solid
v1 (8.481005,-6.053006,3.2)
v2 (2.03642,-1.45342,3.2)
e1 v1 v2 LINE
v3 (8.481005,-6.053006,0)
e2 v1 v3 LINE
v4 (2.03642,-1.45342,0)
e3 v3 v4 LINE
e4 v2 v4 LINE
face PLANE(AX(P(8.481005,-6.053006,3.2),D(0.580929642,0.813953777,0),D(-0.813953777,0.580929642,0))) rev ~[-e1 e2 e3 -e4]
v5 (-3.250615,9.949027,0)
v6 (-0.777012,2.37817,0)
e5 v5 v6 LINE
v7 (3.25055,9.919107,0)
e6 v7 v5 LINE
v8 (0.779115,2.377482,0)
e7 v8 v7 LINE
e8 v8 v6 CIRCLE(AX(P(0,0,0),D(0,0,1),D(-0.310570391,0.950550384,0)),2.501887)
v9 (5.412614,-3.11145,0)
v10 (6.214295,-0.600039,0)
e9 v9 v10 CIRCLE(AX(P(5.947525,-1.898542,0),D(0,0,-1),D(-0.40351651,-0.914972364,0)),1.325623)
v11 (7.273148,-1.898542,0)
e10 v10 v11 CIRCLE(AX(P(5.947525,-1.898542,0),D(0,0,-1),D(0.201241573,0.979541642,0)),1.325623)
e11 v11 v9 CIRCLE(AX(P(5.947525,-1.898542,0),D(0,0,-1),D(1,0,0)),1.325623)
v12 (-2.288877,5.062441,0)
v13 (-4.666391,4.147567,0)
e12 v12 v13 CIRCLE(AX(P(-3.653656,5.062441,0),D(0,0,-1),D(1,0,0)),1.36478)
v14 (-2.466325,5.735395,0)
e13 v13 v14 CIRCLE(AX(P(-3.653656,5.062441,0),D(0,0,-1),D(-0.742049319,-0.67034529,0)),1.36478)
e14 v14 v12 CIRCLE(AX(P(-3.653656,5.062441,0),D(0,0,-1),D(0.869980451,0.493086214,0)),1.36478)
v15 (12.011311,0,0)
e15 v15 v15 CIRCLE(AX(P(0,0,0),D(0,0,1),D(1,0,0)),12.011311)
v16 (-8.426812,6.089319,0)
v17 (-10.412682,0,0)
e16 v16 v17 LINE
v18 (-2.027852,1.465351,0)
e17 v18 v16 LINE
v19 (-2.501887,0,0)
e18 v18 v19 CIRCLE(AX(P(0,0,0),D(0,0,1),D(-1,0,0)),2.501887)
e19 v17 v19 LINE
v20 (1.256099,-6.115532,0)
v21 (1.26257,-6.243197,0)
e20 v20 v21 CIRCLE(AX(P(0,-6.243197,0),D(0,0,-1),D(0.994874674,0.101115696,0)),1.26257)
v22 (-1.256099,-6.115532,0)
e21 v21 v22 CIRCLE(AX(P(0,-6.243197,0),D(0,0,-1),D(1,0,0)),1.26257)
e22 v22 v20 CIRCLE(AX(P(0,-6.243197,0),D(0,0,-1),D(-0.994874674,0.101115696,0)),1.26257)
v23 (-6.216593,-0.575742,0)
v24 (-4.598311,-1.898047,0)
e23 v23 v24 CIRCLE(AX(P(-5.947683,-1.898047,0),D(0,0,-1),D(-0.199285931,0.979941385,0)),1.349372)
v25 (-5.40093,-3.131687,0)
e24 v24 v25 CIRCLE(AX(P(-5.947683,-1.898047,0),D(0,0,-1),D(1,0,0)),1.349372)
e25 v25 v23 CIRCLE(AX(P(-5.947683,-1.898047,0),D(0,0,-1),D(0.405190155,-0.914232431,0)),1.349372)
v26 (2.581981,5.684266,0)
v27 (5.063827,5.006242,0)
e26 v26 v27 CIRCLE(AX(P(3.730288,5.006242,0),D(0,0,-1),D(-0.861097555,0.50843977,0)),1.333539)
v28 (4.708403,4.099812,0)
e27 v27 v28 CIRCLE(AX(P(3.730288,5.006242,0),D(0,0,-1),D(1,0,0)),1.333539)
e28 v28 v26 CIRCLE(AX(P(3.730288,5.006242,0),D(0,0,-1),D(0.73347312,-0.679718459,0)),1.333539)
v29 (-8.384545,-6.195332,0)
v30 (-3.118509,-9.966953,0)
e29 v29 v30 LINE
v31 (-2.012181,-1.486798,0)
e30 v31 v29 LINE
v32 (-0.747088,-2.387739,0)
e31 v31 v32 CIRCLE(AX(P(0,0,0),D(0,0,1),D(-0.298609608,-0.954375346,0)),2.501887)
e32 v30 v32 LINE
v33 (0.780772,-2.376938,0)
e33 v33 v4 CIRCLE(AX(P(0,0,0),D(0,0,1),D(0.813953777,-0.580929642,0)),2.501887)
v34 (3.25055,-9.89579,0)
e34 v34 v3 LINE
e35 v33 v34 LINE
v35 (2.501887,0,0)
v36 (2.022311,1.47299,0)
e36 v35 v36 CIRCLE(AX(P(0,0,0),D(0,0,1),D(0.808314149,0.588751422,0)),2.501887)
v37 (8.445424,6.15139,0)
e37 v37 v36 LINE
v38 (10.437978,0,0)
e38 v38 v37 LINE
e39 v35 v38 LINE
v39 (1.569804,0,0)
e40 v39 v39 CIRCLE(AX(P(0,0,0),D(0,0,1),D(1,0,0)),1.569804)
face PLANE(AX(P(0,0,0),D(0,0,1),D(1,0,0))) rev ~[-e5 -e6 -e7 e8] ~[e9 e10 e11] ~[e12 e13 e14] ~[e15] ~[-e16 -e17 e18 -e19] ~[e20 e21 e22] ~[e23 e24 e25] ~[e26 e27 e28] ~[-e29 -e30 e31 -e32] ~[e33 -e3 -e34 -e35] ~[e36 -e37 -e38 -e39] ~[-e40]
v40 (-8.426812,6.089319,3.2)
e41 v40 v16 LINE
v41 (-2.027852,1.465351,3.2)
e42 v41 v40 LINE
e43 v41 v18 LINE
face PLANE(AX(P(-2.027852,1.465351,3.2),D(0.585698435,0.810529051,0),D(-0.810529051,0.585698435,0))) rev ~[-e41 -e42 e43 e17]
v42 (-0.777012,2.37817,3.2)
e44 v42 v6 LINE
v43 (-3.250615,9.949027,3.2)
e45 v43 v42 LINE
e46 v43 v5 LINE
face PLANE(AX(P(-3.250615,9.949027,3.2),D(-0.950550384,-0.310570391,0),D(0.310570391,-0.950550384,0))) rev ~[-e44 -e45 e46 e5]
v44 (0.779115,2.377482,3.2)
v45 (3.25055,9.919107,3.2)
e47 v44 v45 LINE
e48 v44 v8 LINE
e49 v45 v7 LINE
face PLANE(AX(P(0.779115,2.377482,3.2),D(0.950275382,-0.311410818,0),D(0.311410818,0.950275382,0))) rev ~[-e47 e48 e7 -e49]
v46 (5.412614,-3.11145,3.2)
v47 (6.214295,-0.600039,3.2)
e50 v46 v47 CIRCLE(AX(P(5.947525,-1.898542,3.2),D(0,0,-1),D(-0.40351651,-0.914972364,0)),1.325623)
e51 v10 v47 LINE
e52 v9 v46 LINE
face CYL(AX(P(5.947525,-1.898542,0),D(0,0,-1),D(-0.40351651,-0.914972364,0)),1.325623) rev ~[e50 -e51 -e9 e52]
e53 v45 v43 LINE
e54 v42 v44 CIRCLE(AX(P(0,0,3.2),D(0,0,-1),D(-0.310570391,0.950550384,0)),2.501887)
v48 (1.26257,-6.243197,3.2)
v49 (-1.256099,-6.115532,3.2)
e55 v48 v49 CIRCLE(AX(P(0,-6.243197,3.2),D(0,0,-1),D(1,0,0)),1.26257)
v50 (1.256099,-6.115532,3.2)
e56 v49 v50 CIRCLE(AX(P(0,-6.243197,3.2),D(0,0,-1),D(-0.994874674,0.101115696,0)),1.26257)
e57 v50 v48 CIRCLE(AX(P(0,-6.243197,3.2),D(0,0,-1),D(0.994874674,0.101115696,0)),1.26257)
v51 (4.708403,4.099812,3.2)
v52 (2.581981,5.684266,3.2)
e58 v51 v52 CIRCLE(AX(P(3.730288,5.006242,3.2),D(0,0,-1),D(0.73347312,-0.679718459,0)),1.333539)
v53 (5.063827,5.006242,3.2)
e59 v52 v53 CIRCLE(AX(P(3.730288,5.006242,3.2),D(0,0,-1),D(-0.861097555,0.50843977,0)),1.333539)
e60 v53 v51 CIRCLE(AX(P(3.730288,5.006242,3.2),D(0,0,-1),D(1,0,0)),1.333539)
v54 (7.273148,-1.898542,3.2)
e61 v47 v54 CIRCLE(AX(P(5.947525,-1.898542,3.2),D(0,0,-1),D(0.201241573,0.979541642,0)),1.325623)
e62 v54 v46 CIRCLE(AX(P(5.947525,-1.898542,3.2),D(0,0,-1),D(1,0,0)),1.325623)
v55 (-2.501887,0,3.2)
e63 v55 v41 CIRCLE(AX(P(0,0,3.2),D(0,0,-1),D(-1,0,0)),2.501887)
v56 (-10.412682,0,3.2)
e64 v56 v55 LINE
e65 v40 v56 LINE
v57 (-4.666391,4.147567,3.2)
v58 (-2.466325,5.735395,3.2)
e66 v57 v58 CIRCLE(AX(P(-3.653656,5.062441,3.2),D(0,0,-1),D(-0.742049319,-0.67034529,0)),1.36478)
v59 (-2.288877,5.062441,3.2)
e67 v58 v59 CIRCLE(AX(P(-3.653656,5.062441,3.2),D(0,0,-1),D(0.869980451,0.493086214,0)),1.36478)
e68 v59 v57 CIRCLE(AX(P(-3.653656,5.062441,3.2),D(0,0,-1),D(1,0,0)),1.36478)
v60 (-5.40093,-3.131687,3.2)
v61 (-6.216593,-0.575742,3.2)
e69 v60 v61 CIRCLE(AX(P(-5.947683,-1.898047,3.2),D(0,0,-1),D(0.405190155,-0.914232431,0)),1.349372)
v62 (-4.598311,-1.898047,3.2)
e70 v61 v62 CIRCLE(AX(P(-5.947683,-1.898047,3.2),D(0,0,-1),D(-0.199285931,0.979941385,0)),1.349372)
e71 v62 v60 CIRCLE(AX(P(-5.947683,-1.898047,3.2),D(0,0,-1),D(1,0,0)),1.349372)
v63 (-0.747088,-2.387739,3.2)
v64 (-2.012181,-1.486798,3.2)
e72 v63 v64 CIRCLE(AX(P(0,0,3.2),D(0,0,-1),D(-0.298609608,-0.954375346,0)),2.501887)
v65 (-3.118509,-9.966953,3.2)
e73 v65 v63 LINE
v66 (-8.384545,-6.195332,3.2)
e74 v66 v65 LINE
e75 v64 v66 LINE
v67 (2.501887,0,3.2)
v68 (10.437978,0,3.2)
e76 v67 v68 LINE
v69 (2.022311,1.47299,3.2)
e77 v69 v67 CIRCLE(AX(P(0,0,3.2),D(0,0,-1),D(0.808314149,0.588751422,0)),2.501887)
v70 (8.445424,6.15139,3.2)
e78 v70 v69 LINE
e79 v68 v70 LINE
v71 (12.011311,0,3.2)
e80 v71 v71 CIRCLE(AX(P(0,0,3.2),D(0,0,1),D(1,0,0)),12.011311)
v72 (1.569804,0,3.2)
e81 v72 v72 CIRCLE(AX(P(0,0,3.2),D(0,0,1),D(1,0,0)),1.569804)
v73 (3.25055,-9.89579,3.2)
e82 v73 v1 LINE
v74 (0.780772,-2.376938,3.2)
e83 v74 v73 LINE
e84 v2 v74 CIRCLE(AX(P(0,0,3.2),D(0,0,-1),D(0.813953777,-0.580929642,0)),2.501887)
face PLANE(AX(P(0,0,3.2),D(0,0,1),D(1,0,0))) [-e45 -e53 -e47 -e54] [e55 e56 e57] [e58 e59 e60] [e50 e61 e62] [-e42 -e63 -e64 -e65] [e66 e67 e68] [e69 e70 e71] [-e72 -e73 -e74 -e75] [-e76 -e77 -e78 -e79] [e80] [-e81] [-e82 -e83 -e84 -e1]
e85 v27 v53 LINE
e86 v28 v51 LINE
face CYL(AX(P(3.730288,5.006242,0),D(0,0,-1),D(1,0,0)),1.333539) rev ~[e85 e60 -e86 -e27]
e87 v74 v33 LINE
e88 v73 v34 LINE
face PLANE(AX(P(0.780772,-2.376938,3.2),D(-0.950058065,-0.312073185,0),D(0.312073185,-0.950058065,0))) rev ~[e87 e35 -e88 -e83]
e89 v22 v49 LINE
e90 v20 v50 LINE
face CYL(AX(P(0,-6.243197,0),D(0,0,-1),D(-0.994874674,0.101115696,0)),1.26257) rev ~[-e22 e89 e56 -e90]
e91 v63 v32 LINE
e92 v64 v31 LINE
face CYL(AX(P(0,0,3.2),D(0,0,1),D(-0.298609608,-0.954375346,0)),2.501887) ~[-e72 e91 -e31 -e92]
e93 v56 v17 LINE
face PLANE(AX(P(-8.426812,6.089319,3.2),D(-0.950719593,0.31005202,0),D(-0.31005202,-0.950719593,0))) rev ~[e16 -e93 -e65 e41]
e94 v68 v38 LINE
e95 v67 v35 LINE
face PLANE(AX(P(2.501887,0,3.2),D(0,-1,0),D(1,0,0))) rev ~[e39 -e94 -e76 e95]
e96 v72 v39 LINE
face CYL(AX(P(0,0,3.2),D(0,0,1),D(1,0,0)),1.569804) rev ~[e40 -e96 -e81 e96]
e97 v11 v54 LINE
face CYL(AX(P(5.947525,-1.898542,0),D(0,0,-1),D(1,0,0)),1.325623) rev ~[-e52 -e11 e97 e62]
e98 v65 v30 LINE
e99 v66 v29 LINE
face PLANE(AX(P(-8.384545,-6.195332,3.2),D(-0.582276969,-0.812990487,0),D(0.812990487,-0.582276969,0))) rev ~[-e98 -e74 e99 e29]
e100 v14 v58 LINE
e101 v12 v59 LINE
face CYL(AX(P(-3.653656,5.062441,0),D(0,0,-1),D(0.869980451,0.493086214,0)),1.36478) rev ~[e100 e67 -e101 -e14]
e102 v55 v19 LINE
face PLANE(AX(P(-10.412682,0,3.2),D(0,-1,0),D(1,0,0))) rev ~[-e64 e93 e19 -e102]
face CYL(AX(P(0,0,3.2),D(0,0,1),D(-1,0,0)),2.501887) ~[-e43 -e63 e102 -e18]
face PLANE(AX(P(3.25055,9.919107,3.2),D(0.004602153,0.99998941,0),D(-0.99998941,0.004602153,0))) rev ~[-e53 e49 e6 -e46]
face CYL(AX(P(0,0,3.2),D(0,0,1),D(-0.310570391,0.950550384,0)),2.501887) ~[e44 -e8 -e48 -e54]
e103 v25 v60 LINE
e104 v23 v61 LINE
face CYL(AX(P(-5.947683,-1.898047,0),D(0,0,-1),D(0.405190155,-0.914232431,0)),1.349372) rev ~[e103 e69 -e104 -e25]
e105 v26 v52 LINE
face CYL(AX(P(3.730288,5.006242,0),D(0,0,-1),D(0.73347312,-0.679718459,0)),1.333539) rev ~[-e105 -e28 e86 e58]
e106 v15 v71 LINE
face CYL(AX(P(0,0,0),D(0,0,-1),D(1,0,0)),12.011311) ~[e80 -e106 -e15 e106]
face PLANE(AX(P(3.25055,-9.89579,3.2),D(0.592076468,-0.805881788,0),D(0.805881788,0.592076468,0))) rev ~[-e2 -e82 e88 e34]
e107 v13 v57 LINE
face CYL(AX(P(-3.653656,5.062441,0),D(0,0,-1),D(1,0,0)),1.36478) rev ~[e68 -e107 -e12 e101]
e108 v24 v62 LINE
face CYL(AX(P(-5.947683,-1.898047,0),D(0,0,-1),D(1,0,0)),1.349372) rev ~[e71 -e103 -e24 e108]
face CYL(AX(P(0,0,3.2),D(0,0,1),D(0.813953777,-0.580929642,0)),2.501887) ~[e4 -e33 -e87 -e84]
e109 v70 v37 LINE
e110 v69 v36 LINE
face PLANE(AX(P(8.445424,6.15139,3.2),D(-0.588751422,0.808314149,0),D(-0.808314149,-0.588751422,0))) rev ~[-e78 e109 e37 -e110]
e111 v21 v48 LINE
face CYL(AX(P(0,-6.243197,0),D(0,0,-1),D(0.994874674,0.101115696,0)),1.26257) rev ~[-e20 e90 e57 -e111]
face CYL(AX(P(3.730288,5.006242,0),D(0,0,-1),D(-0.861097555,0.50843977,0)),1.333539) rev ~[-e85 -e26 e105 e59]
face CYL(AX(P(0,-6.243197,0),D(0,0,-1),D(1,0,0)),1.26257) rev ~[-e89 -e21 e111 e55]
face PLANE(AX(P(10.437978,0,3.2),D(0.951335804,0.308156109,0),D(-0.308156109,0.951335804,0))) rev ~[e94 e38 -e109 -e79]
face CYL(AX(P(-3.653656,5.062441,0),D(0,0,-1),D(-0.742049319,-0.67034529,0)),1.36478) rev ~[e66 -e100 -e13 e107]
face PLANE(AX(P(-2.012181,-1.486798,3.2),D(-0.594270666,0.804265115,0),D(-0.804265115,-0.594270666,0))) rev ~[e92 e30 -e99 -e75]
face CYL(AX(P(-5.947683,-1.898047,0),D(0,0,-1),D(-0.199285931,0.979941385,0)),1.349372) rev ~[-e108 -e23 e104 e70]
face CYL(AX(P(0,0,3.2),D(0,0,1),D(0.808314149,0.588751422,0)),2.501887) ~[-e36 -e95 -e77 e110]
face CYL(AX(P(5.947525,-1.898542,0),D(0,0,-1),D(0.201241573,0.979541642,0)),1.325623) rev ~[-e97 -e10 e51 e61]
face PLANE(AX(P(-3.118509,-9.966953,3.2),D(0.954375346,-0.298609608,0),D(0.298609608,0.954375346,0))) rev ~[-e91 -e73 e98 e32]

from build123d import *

# Parameters (mm, degrees)
F0_R      = 12.0113110687
F1_DEPTH  = 3.2
F2_R      = 1.5698041018
F3_DEPTH  = 25
F8_DEPTH  = 25
F11_DEPTH = 25


with BuildPart() as f1:
    # F0 (on Top) → F1 (new body)
    with BuildSketch(Plane.XY):
        Circle(F0_R)
    extrude(amount=F1_DEPTH)

    # F2 (on face) → F3 (cut)
    with BuildSketch(Plane.XY.offset(3.2)):
        Circle(F2_R)
    extrude(amount=-F3_DEPTH, mode=Mode.SUBTRACT)

    # F6 (on face) → F8 (cut)
    with BuildSketch(Plane.XY.offset(3.2)):
        with BuildLine():
            ThreePointArc((-0.7770120639, 2.3781697719), (0.0011061793, 2.5018868855), (0.7791147181, 2.3774817491))
            Line((0.7791147181, 2.3774817491), (3.2505495474, 9.9191069603))
            Line((3.2505495474, 9.9191069603), (-3.25061474, 9.9490266293))
            Line((-3.25061474, 9.9490266293), (-0.7770120639, 2.3781697719))
        make_face()
        with BuildLine():
            ThreePointArc((2.0223107656, 1.4729896057), (2.3789737797, 0.774546943), (2.50188713, 0))
            Line((2.50188713, 0), (10.4379784316, 0))
            Line((10.4379784316, 0), (8.4454240277, 6.1513897963))
            Line((8.4454240277, 6.1513897963), (2.0223107656, 1.4729896057))
        make_face()
        with BuildLine():
            ThreePointArc((2.0364204787, -1.4534203952), (1.4823509758, -2.0154589542), (0.7807718841, -2.3769380464))
            Line((0.7807718841, -2.3769380464), (3.2505495474, -9.8957903683))
            Line((3.2505495474, -9.8957903683), (8.4810052067, -6.0530062765))
            Line((8.4810052067, -6.0530062765), (2.0364204787, -1.4534203952))
        make_face()
        with BuildLine():
            Line((-3.1185087282, -9.9669527262), (-0.7470875355, -2.3877393965))
            ThreePointArc((-0.7470875355, -2.3877393965), (-1.4513145315, -2.0379218194), (-2.0121805403, -1.4867981317))
            Line((-2.0121805403, -1.4867981317), (-8.3845453337, -6.1953319237))
            Line((-8.3845453337, -6.1953319237), (-3.1185087282, -9.9669527262))
        make_face()
        with BuildLine():
            Line((-10.4126818478, 0), (-2.50188713, 0))
            ThreePointArc((-2.50188713, 0), (-2.3804302696, 0.7700590516), (-2.0278522018, 1.4653513773))
            Line((-2.0278522018, 1.4653513773), (-8.4268115461, 6.089319475))
            Line((-8.4268115461, 6.089319475), (-10.4126818478, 0))
        make_face()
    extrude(amount=-F8_DEPTH, mode=Mode.SUBTRACT)

    # F10 (on face) → F11 (cut)
    with BuildSketch(Plane(origin=(0, 0, 0), x_dir=(1, 0, 0), z_dir=(0, 0, -1))):
        with BuildLine():
            ThreePointArc((-6.2165933365, 0.5757423441), (-5.9476825457, 1.8980474954), (-5.4009304255, 3.1316868454))
            ThreePointArc((-5.4009304255, 3.1316868454), (-7.2331832359, 2.3082814558), (-6.2165933365, 0.5757423441))
        make_face()
        with BuildLine():
            ThreePointArc((-4.5983108671, 1.8980474954), (-4.8166264567, 2.6339252369), (-5.4009304255, 3.1316868454))
            ThreePointArc((-5.4009304255, 3.1316868454), (-5.9476825457, 1.8980474954), (-6.2165933365, 0.5757423441))
            ThreePointArc((-6.2165933365, 0.5757423441), (-5.0938841732, 0.8531397167), (-4.5983108671, 1.8980474954))
        make_face()
        with BuildLine():
            ThreePointArc((-1.2560993846, 6.1155315627), (0, 6.2431972545), (1.2560993846, 6.1155315627))
            ThreePointArc((1.2560993846, 6.1155315627), (1.2609516612, 6.17928246), (1.2625704704, 6.2431972545))
            ThreePointArc((1.2625704704, 6.2431972545), (-0.0639147945, 7.5041489157), (-1.2560993846, 6.1155315627))
        make_face()
        with BuildLine():
            ThreePointArc((-1.2560993846, 6.1155315627), (0, 4.9806267841), (1.2560993846, 6.1155315627))
            ThreePointArc((1.2560993846, 6.1155315627), (0, 6.2431972545), (-1.2560993846, 6.1155315627))
        make_face()
        with BuildLine():
            ThreePointArc((5.4126141971, 3.1114497445), (4.6846825015, 1.4954228894), (6.2142952239, 0.6000390224))
            ThreePointArc((6.2142952239, 0.6000390224), (5.9475248318, 1.8985416334), (5.4126141971, 3.1114497445))
        make_face()
        with BuildLine():
            ThreePointArc((5.4126141971, 3.1114497445), (5.9475248318, 1.8985416334), (6.2142952239, 0.6000390224))
            ThreePointArc((6.2142952239, 0.6000390224), (6.9748788004, 1.0607950749), (7.2731475055, 1.8985416334))
            ThreePointArc((7.2731475055, 1.8985416334), (6.6714674425, 3.0090291703), (5.4126141971, 3.1114497445))
        make_face()
        with BuildLine():
            ThreePointArc((5.0638266611, -5.0062423526), (4.971794998, -4.5194305693), (4.7084027941, -4.0998115917))
            ThreePointArc((4.7084027941, -4.0998115917), (3.730288121, -5.0062423526), (2.5819813441, -5.6842663816))
            ThreePointArc((2.5819813441, -5.6842663816), (4.0817235312, -6.2926397214), (5.0638266611, -5.0062423526))
        make_face()
        with BuildLine():
            ThreePointArc((2.5819813441, -5.6842663816), (3.730288121, -5.0062423526), (4.7084027941, -4.0998115917))
            ThreePointArc((4.7084027941, -4.0998115917), (2.9335035935, -3.9369157166), (2.5819813441, -5.6842663816))
        make_face()
        with BuildLine():
            ThreePointArc((-4.6663905471, -4.1475669037), (-3.6536564941, -5.0624407337), (-2.4663245936, -5.7353949261))
            ThreePointArc((-2.4663245936, -5.7353949261), (-2.3339839606, -5.4104188814), (-2.2888765166, -5.0624407337))
            ThreePointArc((-2.2888765166, -5.0624407337), (-3.1635211919, -3.7887092971), (-4.6663905471, -4.1475669037))
        make_face()
        with BuildLine():
            ThreePointArc((-4.6663905471, -4.1475669037), (-4.4523557862, -6.1691041097), (-2.4663245936, -5.7353949261))
            ThreePointArc((-2.4663245936, -5.7353949261), (-3.6536564941, -5.0624407337), (-4.6663905471, -4.1475669037))
        make_face()
    extrude(amount=-F11_DEPTH, mode=Mode.SUBTRACT)


solid = f1.part
